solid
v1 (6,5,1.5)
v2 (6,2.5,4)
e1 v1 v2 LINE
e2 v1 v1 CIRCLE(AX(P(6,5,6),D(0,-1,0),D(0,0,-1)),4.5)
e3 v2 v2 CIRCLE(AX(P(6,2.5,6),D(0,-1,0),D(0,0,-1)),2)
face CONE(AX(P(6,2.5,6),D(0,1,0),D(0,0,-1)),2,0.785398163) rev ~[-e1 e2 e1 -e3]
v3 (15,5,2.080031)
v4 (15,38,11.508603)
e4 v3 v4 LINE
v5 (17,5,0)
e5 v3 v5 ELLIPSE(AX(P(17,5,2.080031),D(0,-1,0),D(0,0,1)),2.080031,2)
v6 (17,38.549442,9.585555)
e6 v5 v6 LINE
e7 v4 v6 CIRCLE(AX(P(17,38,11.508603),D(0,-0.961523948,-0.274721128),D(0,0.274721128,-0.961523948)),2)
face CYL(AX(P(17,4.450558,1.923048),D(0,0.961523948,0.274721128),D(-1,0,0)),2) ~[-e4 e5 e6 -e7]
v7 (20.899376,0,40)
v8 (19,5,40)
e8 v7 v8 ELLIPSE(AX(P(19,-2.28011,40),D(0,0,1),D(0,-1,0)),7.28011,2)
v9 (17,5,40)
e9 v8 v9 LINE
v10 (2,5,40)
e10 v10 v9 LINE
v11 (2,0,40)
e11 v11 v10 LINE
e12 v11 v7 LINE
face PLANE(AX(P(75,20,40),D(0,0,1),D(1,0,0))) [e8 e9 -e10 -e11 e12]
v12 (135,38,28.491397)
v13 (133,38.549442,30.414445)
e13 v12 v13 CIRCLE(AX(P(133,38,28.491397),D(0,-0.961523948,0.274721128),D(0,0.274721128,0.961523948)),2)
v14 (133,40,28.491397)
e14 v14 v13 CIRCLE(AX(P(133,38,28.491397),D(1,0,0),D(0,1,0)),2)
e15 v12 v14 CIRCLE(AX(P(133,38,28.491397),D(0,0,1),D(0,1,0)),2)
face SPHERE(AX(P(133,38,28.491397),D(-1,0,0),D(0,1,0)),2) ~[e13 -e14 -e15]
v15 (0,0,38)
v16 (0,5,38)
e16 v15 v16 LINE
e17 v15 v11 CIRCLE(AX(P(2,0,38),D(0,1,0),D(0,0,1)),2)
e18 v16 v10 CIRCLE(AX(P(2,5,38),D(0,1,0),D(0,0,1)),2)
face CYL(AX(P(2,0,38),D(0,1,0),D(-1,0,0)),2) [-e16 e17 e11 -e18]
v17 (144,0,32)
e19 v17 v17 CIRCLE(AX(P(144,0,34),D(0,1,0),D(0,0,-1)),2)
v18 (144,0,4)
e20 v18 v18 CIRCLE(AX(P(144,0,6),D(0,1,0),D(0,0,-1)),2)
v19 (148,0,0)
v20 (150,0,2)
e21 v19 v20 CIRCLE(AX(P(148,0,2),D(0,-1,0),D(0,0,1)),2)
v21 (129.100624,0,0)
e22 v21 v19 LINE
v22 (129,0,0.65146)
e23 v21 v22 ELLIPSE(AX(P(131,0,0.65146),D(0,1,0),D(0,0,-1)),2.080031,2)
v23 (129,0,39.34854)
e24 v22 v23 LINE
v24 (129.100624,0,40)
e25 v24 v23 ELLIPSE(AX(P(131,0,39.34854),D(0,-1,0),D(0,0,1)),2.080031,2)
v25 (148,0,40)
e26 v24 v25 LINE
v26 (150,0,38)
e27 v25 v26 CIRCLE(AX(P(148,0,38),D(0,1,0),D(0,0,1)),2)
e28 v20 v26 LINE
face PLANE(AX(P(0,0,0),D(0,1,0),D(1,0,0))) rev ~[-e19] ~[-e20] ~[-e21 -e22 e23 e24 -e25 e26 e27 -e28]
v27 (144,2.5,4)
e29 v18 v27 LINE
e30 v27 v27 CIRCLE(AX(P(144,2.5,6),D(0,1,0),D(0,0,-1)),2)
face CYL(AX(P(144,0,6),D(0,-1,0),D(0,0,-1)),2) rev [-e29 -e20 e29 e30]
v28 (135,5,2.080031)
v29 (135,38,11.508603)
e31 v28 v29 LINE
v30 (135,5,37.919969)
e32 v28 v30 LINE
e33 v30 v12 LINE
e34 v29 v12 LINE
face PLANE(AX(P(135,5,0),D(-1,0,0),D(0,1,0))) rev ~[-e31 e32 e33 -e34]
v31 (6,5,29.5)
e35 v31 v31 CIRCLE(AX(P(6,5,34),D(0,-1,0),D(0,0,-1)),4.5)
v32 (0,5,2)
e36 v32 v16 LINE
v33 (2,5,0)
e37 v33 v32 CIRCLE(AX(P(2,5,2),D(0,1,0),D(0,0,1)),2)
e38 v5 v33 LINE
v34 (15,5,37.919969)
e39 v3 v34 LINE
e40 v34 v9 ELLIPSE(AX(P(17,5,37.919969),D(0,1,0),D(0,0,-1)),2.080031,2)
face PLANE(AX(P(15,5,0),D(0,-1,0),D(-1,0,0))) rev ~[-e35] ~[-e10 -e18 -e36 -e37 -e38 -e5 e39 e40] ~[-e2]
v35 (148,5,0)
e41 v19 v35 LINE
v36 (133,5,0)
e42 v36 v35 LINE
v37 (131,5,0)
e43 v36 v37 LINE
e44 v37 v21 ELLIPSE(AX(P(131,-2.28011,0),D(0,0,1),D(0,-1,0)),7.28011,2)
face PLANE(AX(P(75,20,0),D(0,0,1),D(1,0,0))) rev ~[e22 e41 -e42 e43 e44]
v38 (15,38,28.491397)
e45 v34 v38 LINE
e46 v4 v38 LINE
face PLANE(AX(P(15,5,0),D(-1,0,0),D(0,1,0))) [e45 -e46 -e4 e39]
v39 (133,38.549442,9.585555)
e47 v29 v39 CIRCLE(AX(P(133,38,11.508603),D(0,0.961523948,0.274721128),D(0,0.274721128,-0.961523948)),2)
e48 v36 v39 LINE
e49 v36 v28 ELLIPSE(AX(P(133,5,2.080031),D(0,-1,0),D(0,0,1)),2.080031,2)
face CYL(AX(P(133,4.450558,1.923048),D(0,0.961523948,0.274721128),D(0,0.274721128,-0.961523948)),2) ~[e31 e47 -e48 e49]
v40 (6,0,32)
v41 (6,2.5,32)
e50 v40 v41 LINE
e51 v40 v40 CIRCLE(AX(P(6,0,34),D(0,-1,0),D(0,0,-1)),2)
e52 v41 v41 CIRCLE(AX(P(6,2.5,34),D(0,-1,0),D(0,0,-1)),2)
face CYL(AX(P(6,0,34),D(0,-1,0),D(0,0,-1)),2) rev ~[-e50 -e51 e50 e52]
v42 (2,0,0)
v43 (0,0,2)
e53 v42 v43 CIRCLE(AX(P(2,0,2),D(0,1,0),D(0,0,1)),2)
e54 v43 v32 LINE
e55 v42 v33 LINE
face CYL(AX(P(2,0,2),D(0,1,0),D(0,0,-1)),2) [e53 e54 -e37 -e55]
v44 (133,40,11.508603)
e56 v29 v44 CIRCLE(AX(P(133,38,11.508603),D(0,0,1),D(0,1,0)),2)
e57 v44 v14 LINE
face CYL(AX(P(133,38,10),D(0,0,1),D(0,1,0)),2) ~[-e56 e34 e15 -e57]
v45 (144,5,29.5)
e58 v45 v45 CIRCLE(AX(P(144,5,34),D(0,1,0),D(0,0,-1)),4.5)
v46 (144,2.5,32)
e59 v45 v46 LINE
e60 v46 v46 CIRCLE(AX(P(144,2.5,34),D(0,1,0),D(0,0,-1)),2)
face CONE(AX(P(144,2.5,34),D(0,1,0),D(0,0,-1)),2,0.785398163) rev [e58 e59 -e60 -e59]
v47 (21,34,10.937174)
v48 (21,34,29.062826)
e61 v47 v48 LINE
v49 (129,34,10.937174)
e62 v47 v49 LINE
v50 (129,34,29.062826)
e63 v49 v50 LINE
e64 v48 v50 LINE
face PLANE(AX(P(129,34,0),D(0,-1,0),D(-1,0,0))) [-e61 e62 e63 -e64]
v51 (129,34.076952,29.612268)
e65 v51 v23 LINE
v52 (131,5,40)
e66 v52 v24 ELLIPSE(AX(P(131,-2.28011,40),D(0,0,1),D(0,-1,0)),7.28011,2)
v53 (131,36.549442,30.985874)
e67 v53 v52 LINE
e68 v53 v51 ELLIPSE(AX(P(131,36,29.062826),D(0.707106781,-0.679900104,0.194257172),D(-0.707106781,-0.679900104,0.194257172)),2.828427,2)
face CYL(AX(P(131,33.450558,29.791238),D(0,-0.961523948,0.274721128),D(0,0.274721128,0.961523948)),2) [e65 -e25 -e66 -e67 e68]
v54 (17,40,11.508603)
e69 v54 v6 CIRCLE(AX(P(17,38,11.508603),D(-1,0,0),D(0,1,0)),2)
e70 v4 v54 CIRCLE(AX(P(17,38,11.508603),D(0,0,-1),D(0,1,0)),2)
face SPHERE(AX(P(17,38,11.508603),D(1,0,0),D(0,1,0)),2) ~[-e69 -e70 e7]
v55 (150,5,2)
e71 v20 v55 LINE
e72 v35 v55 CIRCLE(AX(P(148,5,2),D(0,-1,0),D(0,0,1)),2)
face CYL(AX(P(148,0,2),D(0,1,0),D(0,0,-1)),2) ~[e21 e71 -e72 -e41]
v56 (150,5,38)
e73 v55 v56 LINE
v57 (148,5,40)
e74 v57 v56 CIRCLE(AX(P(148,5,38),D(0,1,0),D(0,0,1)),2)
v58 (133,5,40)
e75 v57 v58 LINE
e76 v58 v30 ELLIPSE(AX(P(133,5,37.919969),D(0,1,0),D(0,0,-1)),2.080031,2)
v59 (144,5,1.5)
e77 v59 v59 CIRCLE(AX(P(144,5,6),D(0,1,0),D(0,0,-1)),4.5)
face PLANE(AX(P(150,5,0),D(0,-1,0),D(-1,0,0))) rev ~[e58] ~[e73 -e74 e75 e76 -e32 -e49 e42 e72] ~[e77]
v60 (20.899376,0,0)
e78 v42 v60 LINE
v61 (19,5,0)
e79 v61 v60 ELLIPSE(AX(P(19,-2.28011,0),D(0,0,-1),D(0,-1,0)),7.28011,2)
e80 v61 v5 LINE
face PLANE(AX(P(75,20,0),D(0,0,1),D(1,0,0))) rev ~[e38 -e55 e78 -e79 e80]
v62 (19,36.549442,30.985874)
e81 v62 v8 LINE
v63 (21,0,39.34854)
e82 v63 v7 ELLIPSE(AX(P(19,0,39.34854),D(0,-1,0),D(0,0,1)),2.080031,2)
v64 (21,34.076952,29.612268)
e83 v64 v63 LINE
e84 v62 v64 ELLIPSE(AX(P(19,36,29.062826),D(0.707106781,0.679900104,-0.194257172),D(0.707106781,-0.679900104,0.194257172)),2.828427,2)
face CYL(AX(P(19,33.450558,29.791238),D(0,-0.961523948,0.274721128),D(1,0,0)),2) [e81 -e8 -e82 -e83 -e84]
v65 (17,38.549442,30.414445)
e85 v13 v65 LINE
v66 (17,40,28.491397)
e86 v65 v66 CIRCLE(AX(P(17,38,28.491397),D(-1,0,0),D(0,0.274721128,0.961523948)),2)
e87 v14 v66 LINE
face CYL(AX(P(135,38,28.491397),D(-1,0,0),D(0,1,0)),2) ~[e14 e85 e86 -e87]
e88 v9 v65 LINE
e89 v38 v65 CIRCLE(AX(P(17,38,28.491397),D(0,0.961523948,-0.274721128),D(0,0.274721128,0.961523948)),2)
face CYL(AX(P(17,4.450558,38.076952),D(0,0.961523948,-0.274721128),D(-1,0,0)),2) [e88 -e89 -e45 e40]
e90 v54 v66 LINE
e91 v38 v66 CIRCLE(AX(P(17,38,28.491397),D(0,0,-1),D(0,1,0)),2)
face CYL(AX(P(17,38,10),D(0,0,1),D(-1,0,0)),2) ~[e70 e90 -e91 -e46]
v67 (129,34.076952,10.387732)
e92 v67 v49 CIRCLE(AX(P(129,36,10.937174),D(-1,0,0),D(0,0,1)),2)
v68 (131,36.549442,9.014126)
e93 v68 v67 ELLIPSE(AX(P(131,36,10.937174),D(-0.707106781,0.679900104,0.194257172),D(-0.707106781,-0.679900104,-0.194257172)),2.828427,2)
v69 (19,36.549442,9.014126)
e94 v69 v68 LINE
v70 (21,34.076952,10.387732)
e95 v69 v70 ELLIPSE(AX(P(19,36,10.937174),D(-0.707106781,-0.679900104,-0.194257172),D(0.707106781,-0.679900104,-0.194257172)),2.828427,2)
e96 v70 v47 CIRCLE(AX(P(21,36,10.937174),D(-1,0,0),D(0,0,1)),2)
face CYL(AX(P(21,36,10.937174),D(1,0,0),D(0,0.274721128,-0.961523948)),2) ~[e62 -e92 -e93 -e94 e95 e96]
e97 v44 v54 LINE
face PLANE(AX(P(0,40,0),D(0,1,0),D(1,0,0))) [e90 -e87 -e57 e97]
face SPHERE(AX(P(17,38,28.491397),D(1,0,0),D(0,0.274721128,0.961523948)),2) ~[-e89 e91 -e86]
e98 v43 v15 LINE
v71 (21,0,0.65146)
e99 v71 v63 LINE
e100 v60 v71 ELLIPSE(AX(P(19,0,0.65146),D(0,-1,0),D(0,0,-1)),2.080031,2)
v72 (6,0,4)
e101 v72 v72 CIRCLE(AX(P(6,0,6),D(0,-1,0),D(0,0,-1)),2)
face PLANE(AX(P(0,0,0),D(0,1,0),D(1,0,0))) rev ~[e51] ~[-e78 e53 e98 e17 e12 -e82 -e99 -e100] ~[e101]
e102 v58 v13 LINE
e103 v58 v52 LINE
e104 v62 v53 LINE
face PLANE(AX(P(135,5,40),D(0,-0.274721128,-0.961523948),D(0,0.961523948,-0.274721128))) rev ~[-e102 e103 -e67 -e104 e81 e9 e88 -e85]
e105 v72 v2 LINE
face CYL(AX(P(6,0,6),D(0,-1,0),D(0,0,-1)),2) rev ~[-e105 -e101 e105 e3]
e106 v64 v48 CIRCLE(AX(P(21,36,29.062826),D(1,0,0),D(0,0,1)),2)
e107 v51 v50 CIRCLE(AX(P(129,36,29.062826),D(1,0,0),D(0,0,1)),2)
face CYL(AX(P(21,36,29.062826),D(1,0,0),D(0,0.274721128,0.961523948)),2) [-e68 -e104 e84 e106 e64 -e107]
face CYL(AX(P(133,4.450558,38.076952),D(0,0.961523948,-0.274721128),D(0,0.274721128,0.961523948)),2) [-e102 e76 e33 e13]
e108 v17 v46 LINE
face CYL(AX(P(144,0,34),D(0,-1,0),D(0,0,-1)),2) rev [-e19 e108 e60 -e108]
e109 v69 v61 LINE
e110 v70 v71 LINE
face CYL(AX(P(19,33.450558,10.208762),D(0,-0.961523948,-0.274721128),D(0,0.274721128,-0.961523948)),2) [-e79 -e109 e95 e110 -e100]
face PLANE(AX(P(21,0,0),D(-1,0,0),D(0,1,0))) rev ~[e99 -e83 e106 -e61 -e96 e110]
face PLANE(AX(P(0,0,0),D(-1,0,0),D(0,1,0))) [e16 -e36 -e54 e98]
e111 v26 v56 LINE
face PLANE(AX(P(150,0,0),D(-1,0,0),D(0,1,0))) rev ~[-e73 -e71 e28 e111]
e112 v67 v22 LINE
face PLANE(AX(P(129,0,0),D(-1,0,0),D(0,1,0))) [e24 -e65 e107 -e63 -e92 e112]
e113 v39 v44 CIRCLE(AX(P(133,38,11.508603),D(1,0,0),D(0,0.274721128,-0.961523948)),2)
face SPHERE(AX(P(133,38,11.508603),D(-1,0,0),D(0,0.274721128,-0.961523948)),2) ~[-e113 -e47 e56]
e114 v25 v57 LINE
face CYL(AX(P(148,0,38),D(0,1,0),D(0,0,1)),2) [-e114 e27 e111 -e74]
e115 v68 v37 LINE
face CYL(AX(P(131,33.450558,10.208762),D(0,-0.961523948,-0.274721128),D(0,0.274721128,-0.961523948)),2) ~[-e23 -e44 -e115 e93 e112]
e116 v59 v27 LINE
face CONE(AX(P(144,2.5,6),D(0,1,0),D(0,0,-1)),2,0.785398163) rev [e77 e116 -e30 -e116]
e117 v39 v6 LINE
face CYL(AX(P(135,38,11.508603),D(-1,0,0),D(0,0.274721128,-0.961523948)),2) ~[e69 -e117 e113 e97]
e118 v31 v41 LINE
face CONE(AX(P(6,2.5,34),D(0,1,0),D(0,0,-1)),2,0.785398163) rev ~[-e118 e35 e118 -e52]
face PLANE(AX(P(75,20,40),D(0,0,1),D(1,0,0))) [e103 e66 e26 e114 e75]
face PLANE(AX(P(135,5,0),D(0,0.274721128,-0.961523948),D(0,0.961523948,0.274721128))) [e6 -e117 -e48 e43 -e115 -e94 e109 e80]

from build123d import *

# Parameters (mm, degrees)
SKETCH_1_W          = 150
SKETCH_1_H          = 40
EXTRUDE_1_DEPTH     = 40
CUT_EXTRUDE_1_REACH = 162.312
SKETCH_2_W          = 15
SKETCH_2_H          = 35
CUT_EXTRUDE_2_REACH = 162.312
SKETCH_3_W          = 108
SKETCH_3_H          = 34
CUT_EXTRUDE_3_REACH = 148.373
SKETCH_5_R          = 2
CUT_EXTRUDE_4_DEPTH = 5
CHAMFER_1_SIZE      = 2.5
FILLET_2_R          = 2
FILLET_3_R          = 2


with BuildPart() as part:
    # 草图1 → 凸台-拉伸1 (new body)
    with BuildSketch(Plane.XY):
        with Locations((75, 20)):
            Rectangle(SKETCH_1_W, SKETCH_1_H)
    extrude(amount=EXTRUDE_1_DEPTH)

    # 草图2 → 切除-拉伸1 (cut, up to next)
    with BuildSketch(Plane(origin=(0, 0, 0), x_dir=(-1, 0, 0), z_dir=(0, 0, -1)), mode=Mode.PRIVATE) as cut_extrude_1_sk1:
        with Locations((-142.5, 22.5)):
            Rectangle(SKETCH_2_W, SKETCH_2_H)
    cut_extrude_1_tool1 = extrude(cut_extrude_1_sk1.sketch, amount=-CUT_EXTRUDE_1_REACH, mode=Mode.PRIVATE) & part.part
    # 草图2 → 切除-拉伸1 (cut, up to next)
    with BuildSketch(Plane(origin=(0, 0, 0), x_dir=(-1, 0, 0), z_dir=(0, 0, -1)), mode=Mode.PRIVATE) as cut_extrude_1_sk2:
        with Locations((-7.5, 22.5)):
            Rectangle(SKETCH_2_W, SKETCH_2_H)
    cut_extrude_1_tool2 = extrude(cut_extrude_1_sk2.sketch, amount=-CUT_EXTRUDE_1_REACH, mode=Mode.PRIVATE) & part.part
    add(cut_extrude_1_tool1.solids().sort_by_distance((142.5, 22.5, 0))[0], mode=Mode.SUBTRACT)
    add(cut_extrude_1_tool2.solids().sort_by_distance((7.5, 22.5, 0))[0], mode=Mode.SUBTRACT)

    # 草图3 → 切除-拉伸2 (cut, up to next)
    with BuildSketch(Plane(origin=(0, 0, 0), x_dir=(-1, 0, 0), z_dir=(0, 0, -1)), mode=Mode.PRIVATE) as cut_extrude_2_sk1:
        with Locations((-75, 17)):
            Rectangle(SKETCH_3_W, SKETCH_3_H)
    cut_extrude_2_tool1 = extrude(cut_extrude_2_sk1.sketch, amount=-CUT_EXTRUDE_2_REACH, mode=Mode.PRIVATE) & part.part
    add(cut_extrude_2_tool1.solids().sort_by_distance((75, 17, 0))[0], mode=Mode.SUBTRACT)

    # 切除-拉伸3: up to this face of the body (flat: up to its plane)
    cut_extrude_3_end = Plane(part.part.faces().sort_by_distance((15, 22.5, 20))[0])
    # 草图4 → 切除-拉伸3 (cut, up to the picked face)
    with BuildSketch(Plane(origin=(135, 0, 0), x_dir=(0, 0, -1), z_dir=(1, 0, 0)), mode=Mode.PRIVATE) as cut_extrude_3_sk1:
        Polygon((-40, 40), (-40, 5), (-30, 40), align=None)
    cut_extrude_3_tool1 = split(extrude(cut_extrude_3_sk1.sketch, amount=-CUT_EXTRUDE_3_REACH, mode=Mode.PRIVATE), bisect_by=cut_extrude_3_end, keep=Keep.BOTH, mode=Mode.PRIVATE)
    # 草图4 → 切除-拉伸3 (cut, up to the picked face)
    with BuildSketch(Plane(origin=(135, 0, 0), x_dir=(0, 0, -1), z_dir=(1, 0, 0)), mode=Mode.PRIVATE) as cut_extrude_3_sk2:
        Polygon((-10, 40), (0, 40), (0, 5), align=None)
    cut_extrude_3_tool2 = split(extrude(cut_extrude_3_sk2.sketch, amount=-CUT_EXTRUDE_3_REACH, mode=Mode.PRIVATE), bisect_by=cut_extrude_3_end, keep=Keep.BOTH, mode=Mode.PRIVATE)
    add(cut_extrude_3_tool1.solids().sort_by(Axis((135, 28.333333, 36.666667), (-1, 0, 0)))[0], mode=Mode.SUBTRACT)
    add(cut_extrude_3_tool2.solids().sort_by(Axis((135, 28.333333, 3.333333), (-1, 0, 0)))[0], mode=Mode.SUBTRACT)

    # 草图5 → 切除-拉伸4 (cut)
    with BuildSketch(Plane.XZ):
        with Locations(Location((6, 6, 0), (0, 0, 270))):
            Circle(SKETCH_5_R)
        with Locations(Location((6, 34, 0), (0, 0, 270))):
            Circle(SKETCH_5_R)
    cut_extrude_4 = extrude(amount=-CUT_EXTRUDE_4_DEPTH, mode=Mode.SUBTRACT)

    # 镜向5: 切除-拉伸4 across plane
    add(cut_extrude_4.mirror(Plane.ZY.offset(-75)), mode=Mode.SUBTRACT)

    # 倒角1
    chamfer_1_edges = [part.edges().sort_by_distance(p)[0] for p in [
        (144, 5, 36),
        (6, 5, 8),
        (6, 5, 36),
        (144, 5, 8),
    ]]
    chamfer(chamfer_1_edges, length=CHAMFER_1_SIZE)

    # 圆角2
    fillet_2_edges = [part.edges().sort_by_distance(p)[0] for p in [
        (135, 22.5, 5),
        (135, 40, 20),
        (135, 22.5, 35),
        (15, 22.5, 35),
        (15, 40, 20),
        (15, 22.5, 5),
        (75, 40, 10),
        (75, 40, 30),
        (21, 19.5, 4.142857143),
        (75, 34, 8.285714286),
        (129, 19.5, 4.142857143),
        (129, 19.5, 35.857142857),
        (21, 19.5, 35.857142857),
        (75, 34, 31.714285714),
    ]]
    fillet(fillet_2_edges, radius=FILLET_2_R)

    # 圆角3
    fillet_3_edges = [part.edges().sort_by_distance(p)[0] for p in [
        (150, 2.5, 40),
        (0, 2.5, 0),
        (0, 2.5, 40),
        (150, 2.5, 0),
    ]]
    fillet(fillet_3_edges, radius=FILLET_3_R)


solid = part.part
